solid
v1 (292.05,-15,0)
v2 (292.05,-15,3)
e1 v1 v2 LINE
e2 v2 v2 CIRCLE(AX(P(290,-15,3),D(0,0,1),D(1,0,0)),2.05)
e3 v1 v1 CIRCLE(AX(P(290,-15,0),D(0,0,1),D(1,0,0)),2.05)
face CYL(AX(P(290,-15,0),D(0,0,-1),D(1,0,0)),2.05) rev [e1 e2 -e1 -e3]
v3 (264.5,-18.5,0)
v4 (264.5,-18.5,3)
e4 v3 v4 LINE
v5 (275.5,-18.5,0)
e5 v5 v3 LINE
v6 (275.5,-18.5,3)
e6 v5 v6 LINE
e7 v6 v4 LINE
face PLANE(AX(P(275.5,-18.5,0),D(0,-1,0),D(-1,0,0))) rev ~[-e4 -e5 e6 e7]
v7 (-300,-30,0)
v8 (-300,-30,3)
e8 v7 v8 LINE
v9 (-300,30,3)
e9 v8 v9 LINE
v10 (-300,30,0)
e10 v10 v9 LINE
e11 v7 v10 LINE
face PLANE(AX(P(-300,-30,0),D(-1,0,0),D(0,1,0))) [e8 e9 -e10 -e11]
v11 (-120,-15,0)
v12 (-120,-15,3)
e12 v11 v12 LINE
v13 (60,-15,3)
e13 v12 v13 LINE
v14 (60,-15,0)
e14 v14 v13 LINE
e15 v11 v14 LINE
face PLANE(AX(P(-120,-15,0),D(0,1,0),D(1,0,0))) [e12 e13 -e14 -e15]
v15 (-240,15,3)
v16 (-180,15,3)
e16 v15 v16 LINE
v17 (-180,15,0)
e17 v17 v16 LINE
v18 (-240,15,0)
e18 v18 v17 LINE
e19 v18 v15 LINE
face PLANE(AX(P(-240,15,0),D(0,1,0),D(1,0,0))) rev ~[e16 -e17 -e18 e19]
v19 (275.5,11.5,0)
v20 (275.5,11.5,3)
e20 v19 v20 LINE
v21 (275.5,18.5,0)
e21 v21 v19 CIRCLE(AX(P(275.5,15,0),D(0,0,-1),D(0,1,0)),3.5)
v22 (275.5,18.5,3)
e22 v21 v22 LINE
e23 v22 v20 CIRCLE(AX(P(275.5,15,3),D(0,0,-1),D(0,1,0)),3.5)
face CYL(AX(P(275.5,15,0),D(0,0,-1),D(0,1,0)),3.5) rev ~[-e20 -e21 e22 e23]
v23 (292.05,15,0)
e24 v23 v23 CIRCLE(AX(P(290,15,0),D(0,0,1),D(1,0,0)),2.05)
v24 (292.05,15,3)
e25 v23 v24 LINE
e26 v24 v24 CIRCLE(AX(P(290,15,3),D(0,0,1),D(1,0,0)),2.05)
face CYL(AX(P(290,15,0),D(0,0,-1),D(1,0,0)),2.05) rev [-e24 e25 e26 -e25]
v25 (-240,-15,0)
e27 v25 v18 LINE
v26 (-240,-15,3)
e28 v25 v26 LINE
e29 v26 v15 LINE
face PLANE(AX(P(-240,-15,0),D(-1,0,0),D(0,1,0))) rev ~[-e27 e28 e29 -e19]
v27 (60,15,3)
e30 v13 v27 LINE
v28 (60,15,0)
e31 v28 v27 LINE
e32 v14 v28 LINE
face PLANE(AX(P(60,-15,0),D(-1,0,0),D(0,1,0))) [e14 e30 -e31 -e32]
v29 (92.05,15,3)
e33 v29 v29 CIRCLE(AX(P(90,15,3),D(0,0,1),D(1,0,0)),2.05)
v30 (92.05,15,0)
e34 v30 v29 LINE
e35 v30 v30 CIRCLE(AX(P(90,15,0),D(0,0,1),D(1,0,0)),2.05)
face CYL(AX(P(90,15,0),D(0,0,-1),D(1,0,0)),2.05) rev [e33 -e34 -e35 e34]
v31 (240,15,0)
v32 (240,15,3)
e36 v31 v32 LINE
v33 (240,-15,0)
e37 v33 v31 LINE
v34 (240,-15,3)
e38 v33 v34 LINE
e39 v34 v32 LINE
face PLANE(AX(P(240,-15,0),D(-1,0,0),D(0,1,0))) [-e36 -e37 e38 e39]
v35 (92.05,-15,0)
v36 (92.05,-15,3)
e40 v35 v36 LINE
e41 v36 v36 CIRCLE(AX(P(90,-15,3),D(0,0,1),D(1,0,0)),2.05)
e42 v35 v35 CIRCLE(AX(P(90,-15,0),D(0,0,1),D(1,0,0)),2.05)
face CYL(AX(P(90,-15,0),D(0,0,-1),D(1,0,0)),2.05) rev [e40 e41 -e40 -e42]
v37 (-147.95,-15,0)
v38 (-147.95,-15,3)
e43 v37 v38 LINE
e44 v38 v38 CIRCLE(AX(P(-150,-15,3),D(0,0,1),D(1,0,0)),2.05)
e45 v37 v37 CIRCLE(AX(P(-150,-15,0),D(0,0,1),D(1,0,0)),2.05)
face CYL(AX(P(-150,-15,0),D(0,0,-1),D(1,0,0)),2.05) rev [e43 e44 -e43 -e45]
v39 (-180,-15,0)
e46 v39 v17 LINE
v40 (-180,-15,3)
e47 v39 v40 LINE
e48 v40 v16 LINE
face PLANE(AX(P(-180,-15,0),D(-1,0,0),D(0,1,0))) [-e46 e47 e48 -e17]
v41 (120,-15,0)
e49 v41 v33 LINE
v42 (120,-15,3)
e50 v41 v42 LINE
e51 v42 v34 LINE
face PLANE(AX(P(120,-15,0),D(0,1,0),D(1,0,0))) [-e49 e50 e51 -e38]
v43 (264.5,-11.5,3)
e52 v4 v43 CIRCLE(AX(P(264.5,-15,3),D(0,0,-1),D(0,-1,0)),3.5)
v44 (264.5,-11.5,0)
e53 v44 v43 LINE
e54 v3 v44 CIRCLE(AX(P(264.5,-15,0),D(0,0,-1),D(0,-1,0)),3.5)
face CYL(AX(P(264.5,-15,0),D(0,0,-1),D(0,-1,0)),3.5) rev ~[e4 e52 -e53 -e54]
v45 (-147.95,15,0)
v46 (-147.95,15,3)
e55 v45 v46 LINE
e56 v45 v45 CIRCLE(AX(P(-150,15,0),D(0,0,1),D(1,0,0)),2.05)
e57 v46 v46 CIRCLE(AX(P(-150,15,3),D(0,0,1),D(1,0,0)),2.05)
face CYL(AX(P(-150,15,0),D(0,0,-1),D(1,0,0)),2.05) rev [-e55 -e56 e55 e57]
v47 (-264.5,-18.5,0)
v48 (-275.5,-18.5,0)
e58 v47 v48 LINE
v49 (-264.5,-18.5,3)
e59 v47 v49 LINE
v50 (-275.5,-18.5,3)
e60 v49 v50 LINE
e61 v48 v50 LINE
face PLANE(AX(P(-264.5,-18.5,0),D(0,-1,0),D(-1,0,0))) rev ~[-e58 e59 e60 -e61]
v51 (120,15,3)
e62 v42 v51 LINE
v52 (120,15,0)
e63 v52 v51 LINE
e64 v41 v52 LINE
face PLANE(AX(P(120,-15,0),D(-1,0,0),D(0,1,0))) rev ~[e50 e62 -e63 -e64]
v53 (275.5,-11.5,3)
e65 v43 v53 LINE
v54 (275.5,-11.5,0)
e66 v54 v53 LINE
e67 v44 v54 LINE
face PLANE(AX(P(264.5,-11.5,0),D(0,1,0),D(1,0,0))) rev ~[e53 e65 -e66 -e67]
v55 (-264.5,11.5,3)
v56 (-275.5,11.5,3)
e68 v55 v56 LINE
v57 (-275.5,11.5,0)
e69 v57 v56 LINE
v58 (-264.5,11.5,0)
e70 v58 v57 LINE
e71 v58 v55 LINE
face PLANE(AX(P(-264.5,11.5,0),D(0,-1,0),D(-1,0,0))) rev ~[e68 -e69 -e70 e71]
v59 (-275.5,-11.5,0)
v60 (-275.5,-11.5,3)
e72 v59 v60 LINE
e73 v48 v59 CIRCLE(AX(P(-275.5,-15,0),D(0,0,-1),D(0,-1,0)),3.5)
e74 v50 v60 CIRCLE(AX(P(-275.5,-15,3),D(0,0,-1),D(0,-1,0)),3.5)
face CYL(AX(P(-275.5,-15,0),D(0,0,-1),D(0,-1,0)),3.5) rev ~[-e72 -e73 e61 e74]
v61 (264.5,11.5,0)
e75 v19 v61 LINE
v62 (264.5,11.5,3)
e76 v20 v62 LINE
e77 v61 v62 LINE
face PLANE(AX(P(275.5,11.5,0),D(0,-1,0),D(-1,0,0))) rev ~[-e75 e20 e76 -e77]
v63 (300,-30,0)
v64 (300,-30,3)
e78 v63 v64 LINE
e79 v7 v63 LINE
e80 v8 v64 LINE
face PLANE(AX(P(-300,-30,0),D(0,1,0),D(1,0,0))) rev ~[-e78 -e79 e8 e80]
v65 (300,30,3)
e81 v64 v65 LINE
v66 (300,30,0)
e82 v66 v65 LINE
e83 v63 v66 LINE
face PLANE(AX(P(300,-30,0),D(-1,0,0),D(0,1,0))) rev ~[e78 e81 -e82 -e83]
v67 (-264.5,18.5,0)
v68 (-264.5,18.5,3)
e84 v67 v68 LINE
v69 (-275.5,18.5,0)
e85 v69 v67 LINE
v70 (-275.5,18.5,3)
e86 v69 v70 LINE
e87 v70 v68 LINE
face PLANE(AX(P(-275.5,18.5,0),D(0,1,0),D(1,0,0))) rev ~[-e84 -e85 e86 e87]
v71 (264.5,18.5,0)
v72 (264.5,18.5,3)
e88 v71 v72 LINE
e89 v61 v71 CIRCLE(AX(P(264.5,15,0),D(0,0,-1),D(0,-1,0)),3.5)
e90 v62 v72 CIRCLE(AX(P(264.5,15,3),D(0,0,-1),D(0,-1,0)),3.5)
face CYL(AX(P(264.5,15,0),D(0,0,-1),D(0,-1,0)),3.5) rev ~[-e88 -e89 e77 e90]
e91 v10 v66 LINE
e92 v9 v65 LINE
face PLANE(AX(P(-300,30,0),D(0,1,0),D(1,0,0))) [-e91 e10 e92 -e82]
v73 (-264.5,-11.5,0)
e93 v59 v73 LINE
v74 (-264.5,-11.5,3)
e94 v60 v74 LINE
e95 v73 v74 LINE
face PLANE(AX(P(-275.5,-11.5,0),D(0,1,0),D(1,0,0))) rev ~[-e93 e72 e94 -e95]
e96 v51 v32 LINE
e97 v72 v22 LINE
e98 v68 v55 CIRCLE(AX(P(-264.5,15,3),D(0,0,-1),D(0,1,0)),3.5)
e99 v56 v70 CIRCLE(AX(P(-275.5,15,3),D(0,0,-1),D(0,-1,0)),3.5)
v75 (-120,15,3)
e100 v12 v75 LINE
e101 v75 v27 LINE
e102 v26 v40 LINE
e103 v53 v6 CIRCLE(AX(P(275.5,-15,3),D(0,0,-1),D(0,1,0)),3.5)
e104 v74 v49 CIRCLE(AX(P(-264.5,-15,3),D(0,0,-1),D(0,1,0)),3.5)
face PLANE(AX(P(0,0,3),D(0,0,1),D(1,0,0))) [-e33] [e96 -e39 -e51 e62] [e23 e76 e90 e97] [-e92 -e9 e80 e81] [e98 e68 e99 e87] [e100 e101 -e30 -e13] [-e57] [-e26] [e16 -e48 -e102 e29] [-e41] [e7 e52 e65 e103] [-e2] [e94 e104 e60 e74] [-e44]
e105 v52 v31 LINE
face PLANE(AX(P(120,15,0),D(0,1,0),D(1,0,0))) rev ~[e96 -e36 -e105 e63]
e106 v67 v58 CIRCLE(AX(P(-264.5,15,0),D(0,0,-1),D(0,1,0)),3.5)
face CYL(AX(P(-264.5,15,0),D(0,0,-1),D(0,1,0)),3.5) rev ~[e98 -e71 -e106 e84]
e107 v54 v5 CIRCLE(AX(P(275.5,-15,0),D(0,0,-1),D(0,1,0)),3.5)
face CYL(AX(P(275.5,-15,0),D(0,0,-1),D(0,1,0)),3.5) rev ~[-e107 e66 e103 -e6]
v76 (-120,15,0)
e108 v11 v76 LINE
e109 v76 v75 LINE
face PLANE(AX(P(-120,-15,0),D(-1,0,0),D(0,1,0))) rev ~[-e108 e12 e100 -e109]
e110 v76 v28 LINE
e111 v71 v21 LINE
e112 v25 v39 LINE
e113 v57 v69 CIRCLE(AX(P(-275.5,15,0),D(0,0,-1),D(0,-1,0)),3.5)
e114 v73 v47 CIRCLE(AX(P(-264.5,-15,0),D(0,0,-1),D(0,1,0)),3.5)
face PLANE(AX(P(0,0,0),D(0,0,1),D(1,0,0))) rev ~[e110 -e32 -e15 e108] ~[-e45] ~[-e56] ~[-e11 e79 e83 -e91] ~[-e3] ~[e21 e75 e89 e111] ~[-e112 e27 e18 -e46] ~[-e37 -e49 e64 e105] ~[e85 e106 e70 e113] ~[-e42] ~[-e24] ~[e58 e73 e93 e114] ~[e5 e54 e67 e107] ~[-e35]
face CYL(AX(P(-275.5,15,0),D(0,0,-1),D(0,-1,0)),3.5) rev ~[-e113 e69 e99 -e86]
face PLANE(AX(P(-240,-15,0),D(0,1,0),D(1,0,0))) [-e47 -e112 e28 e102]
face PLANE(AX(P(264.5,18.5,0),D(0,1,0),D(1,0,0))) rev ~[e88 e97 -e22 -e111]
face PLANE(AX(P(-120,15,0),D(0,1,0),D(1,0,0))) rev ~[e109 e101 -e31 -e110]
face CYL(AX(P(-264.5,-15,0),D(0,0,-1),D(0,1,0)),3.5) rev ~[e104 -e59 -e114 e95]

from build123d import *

# Parameters (mm, degrees)
F0_W     = 600
F0_H     = 60
F0_R     = 2.05
F0_W_2   = 60
F0_H_2   = 30
F0_W_3   = 180
F0_W_4   = 120
F1_DEPTH = 3


with BuildPart() as f1:
    # F0 (on Top) → F1 (new body)
    with BuildSketch(Plane.XY):
        Rectangle(F0_W, F0_H)
        with BuildLine():
            ThreePointArc((-264.5, -11.5), (-261, -15), (-264.5, -18.5))
            Line((-264.5, -18.5), (-275.5, -18.5))
            ThreePointArc((-275.5, -18.5), (-279, -15), (-275.5, -11.5))
            Line((-275.5, -11.5), (-264.5, -11.5))
        make_face(mode=Mode.SUBTRACT)
        with Locations((-150, -15)):
            Circle(F0_R, mode=Mode.SUBTRACT)
        with Locations((90, -15)):
            Circle(F0_R, mode=Mode.SUBTRACT)
        with BuildLine():
            ThreePointArc((275.5, -11.5), (279, -15), (275.5, -18.5))
            Line((275.5, -18.5), (264.5, -18.5))
            ThreePointArc((264.5, -18.5), (261, -15), (264.5, -11.5))
            Line((264.5, -11.5), (275.5, -11.5))
        make_face(mode=Mode.SUBTRACT)
        with Locations((290, -15)):
            Circle(F0_R, mode=Mode.SUBTRACT)
        with Locations((-210, 0)):
            Rectangle(F0_W_2, F0_H_2, mode=Mode.SUBTRACT)
        with Locations((-30, 0)):
            Rectangle(F0_W_3, F0_H_2, mode=Mode.SUBTRACT)
        with BuildLine():
            ThreePointArc((-264.5, 18.5), (-261, 15), (-264.5, 11.5))
            Line((-264.5, 11.5), (-275.5, 11.5))
            ThreePointArc((-275.5, 11.5), (-279, 15), (-275.5, 18.5))
            Line((-275.5, 18.5), (-264.5, 18.5))
        make_face(mode=Mode.SUBTRACT)
        with Locations((-150, 15)):
            Circle(F0_R, mode=Mode.SUBTRACT)
        with Locations((180, 0)):
            Rectangle(F0_W_4, F0_H_2, mode=Mode.SUBTRACT)
        with Locations((90, 15)):
            Circle(F0_R, mode=Mode.SUBTRACT)
        with BuildLine():
            ThreePointArc((275.5, 18.5), (279, 15), (275.5, 11.5))
            Line((275.5, 11.5), (264.5, 11.5))
            ThreePointArc((264.5, 11.5), (261, 15), (264.5, 18.5))
            Line((264.5, 18.5), (275.5, 18.5))
        make_face(mode=Mode.SUBTRACT)
        with Locations((290, 15)):
            Circle(F0_R, mode=Mode.SUBTRACT)
    extrude(amount=F1_DEPTH)


solid = f1.part
